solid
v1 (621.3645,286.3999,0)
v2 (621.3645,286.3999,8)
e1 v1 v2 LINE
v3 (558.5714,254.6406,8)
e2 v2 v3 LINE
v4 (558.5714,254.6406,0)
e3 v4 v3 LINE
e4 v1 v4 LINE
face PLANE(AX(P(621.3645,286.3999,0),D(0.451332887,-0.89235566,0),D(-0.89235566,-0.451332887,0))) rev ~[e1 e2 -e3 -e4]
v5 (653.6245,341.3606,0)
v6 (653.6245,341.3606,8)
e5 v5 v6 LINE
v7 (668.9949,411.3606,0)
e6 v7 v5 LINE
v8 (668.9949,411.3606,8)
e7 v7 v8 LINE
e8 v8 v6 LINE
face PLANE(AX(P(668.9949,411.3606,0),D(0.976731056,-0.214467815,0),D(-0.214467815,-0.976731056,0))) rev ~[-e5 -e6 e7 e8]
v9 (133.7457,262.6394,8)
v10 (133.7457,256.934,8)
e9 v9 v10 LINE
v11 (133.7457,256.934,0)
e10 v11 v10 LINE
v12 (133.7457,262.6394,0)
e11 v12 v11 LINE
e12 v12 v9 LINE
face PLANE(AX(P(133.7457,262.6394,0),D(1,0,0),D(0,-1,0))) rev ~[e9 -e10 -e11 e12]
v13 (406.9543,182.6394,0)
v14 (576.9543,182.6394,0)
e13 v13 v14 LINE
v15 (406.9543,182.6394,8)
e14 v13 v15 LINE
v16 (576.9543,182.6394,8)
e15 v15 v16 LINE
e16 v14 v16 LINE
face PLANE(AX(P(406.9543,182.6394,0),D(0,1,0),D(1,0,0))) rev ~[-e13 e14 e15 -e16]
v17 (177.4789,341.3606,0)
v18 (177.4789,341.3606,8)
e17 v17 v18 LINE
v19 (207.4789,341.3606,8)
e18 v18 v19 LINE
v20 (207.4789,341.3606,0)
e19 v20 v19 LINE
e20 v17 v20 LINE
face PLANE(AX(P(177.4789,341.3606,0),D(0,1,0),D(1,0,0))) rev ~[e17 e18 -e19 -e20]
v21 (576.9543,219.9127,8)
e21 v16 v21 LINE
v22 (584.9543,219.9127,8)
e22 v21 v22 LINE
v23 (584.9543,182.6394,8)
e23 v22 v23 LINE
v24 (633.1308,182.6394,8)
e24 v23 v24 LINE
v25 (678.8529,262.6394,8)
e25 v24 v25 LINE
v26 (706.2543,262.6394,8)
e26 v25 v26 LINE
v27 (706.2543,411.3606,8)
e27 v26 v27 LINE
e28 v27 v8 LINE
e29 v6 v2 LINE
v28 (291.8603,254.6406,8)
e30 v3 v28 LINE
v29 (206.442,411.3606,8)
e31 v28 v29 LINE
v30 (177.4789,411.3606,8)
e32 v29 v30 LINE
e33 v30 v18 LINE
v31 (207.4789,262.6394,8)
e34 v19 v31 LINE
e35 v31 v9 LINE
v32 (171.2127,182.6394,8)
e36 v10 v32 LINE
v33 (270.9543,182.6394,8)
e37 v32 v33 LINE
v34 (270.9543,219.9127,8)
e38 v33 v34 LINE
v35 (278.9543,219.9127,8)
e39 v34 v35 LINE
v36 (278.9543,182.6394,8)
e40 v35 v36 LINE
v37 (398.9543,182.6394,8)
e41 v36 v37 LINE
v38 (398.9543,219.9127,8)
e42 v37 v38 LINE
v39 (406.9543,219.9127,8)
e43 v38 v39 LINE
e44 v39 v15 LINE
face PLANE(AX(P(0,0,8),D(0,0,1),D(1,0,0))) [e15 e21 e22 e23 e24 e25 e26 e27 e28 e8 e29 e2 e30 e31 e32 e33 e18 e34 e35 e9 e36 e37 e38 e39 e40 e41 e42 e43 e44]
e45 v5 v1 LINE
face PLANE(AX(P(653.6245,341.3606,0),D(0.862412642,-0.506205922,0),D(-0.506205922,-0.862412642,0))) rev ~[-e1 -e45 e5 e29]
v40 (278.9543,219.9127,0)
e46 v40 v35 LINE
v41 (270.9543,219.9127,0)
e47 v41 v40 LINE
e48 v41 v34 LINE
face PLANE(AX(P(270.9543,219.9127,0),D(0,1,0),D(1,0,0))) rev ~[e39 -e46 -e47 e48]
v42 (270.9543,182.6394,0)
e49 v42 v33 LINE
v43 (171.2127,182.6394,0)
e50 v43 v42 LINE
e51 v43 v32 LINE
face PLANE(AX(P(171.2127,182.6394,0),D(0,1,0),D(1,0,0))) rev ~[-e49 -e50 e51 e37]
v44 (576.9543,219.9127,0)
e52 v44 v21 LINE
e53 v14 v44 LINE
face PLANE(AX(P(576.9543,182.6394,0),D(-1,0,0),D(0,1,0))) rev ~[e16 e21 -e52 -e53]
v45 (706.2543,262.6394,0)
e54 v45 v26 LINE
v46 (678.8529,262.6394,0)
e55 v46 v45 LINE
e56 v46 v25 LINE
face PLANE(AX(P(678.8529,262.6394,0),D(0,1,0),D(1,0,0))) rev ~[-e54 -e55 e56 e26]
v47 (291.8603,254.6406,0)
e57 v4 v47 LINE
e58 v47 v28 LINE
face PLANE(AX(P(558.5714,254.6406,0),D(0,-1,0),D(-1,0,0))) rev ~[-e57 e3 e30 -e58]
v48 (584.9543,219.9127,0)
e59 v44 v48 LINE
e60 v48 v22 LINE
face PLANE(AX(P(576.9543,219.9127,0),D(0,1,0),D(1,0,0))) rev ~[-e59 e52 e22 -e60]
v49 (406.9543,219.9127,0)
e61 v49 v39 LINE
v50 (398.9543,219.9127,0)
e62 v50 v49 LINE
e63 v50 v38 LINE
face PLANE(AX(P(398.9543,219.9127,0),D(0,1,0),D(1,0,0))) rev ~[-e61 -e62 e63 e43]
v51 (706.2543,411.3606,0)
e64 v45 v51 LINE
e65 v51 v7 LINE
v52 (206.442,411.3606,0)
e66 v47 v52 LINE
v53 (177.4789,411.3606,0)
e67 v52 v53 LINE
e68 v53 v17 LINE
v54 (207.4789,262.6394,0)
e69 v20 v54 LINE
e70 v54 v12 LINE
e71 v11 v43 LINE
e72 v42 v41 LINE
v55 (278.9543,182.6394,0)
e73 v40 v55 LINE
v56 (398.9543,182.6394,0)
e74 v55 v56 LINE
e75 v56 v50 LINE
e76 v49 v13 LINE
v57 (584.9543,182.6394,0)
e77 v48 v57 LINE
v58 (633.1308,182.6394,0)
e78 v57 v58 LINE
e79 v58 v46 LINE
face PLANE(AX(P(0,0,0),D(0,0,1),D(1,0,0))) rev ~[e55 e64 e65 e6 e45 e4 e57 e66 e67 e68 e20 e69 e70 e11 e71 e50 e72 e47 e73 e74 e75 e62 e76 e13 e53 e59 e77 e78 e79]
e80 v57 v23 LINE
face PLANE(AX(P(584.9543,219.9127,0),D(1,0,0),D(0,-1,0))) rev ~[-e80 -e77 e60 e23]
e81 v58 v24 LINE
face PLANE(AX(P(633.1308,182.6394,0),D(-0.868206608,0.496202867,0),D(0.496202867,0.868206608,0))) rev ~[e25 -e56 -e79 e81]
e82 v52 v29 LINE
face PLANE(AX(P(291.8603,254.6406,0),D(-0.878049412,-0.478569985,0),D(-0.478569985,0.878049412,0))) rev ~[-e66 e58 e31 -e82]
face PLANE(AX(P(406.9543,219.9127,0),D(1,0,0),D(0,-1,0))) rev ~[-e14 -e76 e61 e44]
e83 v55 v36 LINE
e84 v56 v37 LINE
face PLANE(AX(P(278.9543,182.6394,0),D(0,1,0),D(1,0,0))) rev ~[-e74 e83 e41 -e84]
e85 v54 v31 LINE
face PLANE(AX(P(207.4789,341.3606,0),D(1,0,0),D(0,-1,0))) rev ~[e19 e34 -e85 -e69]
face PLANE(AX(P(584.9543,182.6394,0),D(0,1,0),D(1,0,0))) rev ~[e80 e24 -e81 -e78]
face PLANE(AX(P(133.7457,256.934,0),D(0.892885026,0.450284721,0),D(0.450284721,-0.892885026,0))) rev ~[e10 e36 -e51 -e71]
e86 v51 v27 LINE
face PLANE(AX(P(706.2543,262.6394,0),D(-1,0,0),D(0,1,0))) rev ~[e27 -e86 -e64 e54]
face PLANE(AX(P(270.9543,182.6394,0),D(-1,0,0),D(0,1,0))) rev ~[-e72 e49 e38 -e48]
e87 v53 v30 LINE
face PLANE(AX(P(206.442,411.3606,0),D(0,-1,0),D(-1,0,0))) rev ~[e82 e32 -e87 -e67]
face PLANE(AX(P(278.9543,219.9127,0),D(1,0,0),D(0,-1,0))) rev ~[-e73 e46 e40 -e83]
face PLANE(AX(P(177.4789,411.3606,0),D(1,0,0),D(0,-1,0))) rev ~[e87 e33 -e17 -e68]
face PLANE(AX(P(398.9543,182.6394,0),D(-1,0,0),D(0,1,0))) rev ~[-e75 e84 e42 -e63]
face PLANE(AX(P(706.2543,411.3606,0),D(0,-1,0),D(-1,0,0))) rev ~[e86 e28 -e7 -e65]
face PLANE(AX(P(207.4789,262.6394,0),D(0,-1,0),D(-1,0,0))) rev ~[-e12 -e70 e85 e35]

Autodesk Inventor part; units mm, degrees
ref_plane "YZ Plane" through (0, 0, 0) normal (1, 0, 0) x (0, 1, 0)
ref_plane "XZ Plane" through (0, 0, 0) normal (0, 1, 0) x (-1, 0, 0)
ref_plane "XY Plane" through (0, 0, 0) normal (0, 0, 1) x (1, 0, 0)
sketch "Видимый контур (ГОСТ)" plane through (0, 0, 0) normal (0, 0, 1) x (1, 0, 0)
  line L0 (177.4789, 341.3606) -> (207.4789, 341.3606)
  line L1 (177.4789, 411.3606) -> (177.4789, 341.3606)
  line L2 (206.442, 411.3606) -> (177.4789, 411.3606)
  line L3 (668.9949, 411.3606) -> (653.6245, 341.3606)
  line L4 (706.2543, 411.3606) -> (668.9949, 411.3606)
  line L5 (207.4789, 341.3606) -> (207.4789, 262.6394)
  line L6 (133.7457, 256.934) -> (171.2127, 182.6394)
  line L7 (133.7457, 262.6394) -> (133.7457, 256.934)
  line L8 (584.9543, 182.6394) -> (633.1308, 182.6394)
  line L9 (678.8529, 262.6394) -> (706.2543, 262.6394)
  line L10 (207.4789, 262.6394) -> (133.7457, 262.6394)
  line L11 (171.2127, 182.6394) -> (270.9543, 182.6394)
  line L12 (270.9543, 182.6394) -> (270.9543, 219.9127)
  line L13 (278.9543, 219.9127) -> (278.9543, 182.6394)
  line L14 (278.9543, 182.6394) -> (398.9543, 182.6394)
  line L15 (398.9543, 182.6394) -> (398.9543, 219.9127)
  line L16 (406.9543, 219.9127) -> (406.9543, 182.6394)
  line L17 (406.9543, 182.6394) -> (576.9543, 182.6394)
  line L18 (576.9543, 182.6394) -> (576.9543, 219.9127)
  line L19 (584.9543, 219.9127) -> (584.9543, 182.6394)
  line L20 (706.2543, 262.6394) -> (706.2543, 411.3606)
  line L21 (633.1308, 182.6394) -> (678.8529, 262.6394)
  line L22 (291.8603, 254.6406) -> (206.442, 411.3606)
  line L23 (558.5714, 254.6406) -> (291.8603, 254.6406)
  line L24 (621.3645, 286.3999) -> (558.5714, 254.6406)
  line L25 (653.6245, 341.3606) -> (621.3645, 286.3999)
  line L26 (270.9543, 219.9127) -> (278.9543, 219.9127)
  line L27 (398.9543, 219.9127) -> (406.9543, 219.9127)
  line L28 (576.9543, 219.9127) -> (584.9543, 219.9127)
extrude "Выдавливание1" add sketch "Видимый контур (ГОСТ)" along normal blind 8
properties part number "balkaRami"
